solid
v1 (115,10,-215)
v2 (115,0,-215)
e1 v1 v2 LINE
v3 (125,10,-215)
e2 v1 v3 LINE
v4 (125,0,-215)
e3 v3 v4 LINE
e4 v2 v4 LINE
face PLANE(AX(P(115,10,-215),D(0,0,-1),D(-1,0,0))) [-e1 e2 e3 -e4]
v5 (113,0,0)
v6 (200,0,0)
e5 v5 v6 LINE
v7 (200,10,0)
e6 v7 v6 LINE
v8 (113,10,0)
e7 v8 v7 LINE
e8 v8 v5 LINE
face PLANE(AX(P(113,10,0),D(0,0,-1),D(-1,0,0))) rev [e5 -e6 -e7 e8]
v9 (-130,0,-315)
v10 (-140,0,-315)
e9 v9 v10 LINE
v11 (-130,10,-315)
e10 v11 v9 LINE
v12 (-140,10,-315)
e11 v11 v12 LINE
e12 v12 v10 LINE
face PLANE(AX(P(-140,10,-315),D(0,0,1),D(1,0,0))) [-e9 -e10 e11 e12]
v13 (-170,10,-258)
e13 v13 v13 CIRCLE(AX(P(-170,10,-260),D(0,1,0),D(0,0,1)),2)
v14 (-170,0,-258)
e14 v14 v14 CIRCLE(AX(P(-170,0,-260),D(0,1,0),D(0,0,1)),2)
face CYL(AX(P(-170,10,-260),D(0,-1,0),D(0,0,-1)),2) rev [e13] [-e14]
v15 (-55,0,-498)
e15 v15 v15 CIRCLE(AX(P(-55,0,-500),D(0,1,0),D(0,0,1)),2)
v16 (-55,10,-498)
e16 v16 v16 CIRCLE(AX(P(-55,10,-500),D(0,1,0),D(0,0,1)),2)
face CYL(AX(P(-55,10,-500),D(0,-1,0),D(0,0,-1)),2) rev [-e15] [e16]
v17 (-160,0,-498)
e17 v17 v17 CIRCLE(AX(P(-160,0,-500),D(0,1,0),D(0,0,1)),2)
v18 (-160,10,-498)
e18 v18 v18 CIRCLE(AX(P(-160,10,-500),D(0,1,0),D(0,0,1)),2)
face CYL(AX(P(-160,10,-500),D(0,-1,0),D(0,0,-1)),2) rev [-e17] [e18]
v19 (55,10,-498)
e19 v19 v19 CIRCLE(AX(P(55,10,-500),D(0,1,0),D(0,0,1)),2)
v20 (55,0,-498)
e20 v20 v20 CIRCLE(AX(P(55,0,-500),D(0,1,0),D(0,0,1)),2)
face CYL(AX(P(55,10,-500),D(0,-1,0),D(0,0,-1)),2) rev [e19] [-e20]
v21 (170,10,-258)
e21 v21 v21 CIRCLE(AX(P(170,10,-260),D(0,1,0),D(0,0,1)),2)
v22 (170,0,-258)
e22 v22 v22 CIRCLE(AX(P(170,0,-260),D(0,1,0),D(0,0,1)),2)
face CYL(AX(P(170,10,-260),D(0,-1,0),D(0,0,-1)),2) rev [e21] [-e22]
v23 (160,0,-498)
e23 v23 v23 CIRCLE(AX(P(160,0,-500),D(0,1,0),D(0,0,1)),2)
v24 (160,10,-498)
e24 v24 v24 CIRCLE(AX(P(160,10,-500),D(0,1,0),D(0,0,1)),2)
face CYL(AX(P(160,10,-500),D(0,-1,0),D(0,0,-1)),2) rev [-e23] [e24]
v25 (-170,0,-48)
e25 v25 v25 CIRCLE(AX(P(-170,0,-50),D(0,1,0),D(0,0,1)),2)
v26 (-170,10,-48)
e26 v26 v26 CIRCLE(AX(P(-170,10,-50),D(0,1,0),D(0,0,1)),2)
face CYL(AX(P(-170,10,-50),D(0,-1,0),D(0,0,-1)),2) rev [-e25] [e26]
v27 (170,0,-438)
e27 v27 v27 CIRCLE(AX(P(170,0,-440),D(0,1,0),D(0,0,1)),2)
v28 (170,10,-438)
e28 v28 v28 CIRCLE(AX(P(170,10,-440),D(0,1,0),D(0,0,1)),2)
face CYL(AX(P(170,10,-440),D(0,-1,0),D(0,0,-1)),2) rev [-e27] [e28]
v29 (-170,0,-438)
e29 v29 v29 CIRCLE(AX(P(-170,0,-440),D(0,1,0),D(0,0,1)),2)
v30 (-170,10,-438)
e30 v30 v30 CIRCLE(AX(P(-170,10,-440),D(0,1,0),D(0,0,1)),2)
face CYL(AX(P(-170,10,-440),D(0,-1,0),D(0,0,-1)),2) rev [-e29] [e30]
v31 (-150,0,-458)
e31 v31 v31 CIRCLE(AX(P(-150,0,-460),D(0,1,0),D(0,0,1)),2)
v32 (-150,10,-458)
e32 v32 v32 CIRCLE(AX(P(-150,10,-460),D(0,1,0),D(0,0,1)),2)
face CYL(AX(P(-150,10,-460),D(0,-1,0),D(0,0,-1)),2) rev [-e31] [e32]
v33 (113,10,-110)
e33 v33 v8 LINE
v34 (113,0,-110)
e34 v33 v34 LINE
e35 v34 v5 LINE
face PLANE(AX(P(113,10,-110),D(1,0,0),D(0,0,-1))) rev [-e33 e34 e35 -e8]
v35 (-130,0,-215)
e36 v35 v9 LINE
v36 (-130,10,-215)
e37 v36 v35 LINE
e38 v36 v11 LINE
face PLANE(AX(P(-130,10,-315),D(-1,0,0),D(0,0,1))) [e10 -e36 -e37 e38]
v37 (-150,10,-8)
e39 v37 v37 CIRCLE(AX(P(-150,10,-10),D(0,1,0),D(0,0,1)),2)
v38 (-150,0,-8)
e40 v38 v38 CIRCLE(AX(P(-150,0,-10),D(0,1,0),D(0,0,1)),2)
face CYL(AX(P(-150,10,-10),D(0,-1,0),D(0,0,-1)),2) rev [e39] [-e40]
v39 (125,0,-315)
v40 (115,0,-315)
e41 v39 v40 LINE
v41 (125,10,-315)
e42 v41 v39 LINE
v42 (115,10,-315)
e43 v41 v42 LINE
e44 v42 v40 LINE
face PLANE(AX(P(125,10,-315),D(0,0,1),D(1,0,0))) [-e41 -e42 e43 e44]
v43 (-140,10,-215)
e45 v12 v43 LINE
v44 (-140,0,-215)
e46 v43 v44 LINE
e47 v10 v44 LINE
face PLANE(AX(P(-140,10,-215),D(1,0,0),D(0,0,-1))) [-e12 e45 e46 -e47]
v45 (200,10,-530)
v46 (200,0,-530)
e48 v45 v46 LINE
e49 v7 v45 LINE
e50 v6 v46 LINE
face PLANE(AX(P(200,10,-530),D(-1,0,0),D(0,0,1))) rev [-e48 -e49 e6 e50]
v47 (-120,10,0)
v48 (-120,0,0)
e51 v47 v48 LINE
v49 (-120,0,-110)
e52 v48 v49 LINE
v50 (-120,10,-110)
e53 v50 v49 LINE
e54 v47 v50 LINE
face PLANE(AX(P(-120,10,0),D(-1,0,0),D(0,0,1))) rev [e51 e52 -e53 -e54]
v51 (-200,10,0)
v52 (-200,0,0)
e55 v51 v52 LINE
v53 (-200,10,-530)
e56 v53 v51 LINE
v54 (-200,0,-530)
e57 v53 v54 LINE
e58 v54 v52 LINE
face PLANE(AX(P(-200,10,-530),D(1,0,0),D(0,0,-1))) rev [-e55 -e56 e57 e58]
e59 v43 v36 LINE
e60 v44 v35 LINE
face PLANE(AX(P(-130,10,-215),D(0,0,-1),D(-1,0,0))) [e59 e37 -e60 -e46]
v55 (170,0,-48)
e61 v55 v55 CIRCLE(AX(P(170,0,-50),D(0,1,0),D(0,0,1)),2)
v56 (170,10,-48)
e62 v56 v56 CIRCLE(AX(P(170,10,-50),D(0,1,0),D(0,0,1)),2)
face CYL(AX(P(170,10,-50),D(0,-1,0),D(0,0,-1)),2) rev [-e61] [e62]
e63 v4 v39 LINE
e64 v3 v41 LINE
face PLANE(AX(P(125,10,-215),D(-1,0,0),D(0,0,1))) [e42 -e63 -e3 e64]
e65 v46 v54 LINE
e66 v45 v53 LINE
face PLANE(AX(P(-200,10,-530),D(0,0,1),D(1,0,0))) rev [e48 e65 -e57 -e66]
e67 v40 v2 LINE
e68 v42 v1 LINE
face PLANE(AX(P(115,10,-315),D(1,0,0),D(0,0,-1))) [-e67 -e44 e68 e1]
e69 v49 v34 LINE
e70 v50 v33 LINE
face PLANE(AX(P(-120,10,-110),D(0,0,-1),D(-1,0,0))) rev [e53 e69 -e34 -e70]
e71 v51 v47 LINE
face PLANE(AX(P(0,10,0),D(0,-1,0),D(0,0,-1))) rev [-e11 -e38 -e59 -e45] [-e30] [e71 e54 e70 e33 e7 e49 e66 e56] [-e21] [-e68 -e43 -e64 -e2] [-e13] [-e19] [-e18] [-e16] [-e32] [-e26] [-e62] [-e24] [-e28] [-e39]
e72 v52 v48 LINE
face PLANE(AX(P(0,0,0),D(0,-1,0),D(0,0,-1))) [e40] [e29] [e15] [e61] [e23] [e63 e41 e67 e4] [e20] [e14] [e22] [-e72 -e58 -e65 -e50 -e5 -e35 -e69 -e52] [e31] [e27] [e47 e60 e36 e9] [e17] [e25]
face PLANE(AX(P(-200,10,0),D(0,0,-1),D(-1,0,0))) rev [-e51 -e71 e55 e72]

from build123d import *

# Parameters (mm, degrees)
SKETCH1_R           = 2
SKETCH1_W           = 10
SKETCH1_H           = 100
BOSS_EXTRUDE1_DEPTH = 10


with BuildPart() as part:
    # Sketch1 → Boss-Extrude1 (new body)
    with BuildSketch(Plane(origin=(0, 0, 0), x_dir=(1, 0, 0), z_dir=(0, 1, 0))):
        Polygon((-200, 530), (-200, 0), (-120, 0), (-120, 110), (113, 110), (113, 0), (200, 0), (200, 530), align=None)
        with Locations((-160, 500)):
            Circle(SKETCH1_R, mode=Mode.SUBTRACT)
        with Locations((-55, 500)):
            Circle(SKETCH1_R, mode=Mode.SUBTRACT)
        with Locations((55, 500)):
            Circle(SKETCH1_R, mode=Mode.SUBTRACT)
        with Locations((160, 500)):
            Circle(SKETCH1_R, mode=Mode.SUBTRACT)
        with Locations((-170, 50)):
            Circle(SKETCH1_R, mode=Mode.SUBTRACT)
        with Locations((-170, 260)):
            Circle(SKETCH1_R, mode=Mode.SUBTRACT)
        with Locations((-170, 440)):
            Circle(SKETCH1_R, mode=Mode.SUBTRACT)
        with Locations((170, 440)):
            Circle(SKETCH1_R, mode=Mode.SUBTRACT)
        with Locations((170, 260)):
            Circle(SKETCH1_R, mode=Mode.SUBTRACT)
        with Locations((170, 50)):
            Circle(SKETCH1_R, mode=Mode.SUBTRACT)
        with Locations((-150, 10)):
            Circle(SKETCH1_R, mode=Mode.SUBTRACT)
        with Locations((-150, 460)):
            Circle(SKETCH1_R, mode=Mode.SUBTRACT)
        with Locations((-135, 265)):
            Rectangle(SKETCH1_W, SKETCH1_H, mode=Mode.SUBTRACT)
        with Locations((120, 265)):
            Rectangle(SKETCH1_W, SKETCH1_H, mode=Mode.SUBTRACT)
    extrude(amount=BOSS_EXTRUDE1_DEPTH)


solid = part.part
